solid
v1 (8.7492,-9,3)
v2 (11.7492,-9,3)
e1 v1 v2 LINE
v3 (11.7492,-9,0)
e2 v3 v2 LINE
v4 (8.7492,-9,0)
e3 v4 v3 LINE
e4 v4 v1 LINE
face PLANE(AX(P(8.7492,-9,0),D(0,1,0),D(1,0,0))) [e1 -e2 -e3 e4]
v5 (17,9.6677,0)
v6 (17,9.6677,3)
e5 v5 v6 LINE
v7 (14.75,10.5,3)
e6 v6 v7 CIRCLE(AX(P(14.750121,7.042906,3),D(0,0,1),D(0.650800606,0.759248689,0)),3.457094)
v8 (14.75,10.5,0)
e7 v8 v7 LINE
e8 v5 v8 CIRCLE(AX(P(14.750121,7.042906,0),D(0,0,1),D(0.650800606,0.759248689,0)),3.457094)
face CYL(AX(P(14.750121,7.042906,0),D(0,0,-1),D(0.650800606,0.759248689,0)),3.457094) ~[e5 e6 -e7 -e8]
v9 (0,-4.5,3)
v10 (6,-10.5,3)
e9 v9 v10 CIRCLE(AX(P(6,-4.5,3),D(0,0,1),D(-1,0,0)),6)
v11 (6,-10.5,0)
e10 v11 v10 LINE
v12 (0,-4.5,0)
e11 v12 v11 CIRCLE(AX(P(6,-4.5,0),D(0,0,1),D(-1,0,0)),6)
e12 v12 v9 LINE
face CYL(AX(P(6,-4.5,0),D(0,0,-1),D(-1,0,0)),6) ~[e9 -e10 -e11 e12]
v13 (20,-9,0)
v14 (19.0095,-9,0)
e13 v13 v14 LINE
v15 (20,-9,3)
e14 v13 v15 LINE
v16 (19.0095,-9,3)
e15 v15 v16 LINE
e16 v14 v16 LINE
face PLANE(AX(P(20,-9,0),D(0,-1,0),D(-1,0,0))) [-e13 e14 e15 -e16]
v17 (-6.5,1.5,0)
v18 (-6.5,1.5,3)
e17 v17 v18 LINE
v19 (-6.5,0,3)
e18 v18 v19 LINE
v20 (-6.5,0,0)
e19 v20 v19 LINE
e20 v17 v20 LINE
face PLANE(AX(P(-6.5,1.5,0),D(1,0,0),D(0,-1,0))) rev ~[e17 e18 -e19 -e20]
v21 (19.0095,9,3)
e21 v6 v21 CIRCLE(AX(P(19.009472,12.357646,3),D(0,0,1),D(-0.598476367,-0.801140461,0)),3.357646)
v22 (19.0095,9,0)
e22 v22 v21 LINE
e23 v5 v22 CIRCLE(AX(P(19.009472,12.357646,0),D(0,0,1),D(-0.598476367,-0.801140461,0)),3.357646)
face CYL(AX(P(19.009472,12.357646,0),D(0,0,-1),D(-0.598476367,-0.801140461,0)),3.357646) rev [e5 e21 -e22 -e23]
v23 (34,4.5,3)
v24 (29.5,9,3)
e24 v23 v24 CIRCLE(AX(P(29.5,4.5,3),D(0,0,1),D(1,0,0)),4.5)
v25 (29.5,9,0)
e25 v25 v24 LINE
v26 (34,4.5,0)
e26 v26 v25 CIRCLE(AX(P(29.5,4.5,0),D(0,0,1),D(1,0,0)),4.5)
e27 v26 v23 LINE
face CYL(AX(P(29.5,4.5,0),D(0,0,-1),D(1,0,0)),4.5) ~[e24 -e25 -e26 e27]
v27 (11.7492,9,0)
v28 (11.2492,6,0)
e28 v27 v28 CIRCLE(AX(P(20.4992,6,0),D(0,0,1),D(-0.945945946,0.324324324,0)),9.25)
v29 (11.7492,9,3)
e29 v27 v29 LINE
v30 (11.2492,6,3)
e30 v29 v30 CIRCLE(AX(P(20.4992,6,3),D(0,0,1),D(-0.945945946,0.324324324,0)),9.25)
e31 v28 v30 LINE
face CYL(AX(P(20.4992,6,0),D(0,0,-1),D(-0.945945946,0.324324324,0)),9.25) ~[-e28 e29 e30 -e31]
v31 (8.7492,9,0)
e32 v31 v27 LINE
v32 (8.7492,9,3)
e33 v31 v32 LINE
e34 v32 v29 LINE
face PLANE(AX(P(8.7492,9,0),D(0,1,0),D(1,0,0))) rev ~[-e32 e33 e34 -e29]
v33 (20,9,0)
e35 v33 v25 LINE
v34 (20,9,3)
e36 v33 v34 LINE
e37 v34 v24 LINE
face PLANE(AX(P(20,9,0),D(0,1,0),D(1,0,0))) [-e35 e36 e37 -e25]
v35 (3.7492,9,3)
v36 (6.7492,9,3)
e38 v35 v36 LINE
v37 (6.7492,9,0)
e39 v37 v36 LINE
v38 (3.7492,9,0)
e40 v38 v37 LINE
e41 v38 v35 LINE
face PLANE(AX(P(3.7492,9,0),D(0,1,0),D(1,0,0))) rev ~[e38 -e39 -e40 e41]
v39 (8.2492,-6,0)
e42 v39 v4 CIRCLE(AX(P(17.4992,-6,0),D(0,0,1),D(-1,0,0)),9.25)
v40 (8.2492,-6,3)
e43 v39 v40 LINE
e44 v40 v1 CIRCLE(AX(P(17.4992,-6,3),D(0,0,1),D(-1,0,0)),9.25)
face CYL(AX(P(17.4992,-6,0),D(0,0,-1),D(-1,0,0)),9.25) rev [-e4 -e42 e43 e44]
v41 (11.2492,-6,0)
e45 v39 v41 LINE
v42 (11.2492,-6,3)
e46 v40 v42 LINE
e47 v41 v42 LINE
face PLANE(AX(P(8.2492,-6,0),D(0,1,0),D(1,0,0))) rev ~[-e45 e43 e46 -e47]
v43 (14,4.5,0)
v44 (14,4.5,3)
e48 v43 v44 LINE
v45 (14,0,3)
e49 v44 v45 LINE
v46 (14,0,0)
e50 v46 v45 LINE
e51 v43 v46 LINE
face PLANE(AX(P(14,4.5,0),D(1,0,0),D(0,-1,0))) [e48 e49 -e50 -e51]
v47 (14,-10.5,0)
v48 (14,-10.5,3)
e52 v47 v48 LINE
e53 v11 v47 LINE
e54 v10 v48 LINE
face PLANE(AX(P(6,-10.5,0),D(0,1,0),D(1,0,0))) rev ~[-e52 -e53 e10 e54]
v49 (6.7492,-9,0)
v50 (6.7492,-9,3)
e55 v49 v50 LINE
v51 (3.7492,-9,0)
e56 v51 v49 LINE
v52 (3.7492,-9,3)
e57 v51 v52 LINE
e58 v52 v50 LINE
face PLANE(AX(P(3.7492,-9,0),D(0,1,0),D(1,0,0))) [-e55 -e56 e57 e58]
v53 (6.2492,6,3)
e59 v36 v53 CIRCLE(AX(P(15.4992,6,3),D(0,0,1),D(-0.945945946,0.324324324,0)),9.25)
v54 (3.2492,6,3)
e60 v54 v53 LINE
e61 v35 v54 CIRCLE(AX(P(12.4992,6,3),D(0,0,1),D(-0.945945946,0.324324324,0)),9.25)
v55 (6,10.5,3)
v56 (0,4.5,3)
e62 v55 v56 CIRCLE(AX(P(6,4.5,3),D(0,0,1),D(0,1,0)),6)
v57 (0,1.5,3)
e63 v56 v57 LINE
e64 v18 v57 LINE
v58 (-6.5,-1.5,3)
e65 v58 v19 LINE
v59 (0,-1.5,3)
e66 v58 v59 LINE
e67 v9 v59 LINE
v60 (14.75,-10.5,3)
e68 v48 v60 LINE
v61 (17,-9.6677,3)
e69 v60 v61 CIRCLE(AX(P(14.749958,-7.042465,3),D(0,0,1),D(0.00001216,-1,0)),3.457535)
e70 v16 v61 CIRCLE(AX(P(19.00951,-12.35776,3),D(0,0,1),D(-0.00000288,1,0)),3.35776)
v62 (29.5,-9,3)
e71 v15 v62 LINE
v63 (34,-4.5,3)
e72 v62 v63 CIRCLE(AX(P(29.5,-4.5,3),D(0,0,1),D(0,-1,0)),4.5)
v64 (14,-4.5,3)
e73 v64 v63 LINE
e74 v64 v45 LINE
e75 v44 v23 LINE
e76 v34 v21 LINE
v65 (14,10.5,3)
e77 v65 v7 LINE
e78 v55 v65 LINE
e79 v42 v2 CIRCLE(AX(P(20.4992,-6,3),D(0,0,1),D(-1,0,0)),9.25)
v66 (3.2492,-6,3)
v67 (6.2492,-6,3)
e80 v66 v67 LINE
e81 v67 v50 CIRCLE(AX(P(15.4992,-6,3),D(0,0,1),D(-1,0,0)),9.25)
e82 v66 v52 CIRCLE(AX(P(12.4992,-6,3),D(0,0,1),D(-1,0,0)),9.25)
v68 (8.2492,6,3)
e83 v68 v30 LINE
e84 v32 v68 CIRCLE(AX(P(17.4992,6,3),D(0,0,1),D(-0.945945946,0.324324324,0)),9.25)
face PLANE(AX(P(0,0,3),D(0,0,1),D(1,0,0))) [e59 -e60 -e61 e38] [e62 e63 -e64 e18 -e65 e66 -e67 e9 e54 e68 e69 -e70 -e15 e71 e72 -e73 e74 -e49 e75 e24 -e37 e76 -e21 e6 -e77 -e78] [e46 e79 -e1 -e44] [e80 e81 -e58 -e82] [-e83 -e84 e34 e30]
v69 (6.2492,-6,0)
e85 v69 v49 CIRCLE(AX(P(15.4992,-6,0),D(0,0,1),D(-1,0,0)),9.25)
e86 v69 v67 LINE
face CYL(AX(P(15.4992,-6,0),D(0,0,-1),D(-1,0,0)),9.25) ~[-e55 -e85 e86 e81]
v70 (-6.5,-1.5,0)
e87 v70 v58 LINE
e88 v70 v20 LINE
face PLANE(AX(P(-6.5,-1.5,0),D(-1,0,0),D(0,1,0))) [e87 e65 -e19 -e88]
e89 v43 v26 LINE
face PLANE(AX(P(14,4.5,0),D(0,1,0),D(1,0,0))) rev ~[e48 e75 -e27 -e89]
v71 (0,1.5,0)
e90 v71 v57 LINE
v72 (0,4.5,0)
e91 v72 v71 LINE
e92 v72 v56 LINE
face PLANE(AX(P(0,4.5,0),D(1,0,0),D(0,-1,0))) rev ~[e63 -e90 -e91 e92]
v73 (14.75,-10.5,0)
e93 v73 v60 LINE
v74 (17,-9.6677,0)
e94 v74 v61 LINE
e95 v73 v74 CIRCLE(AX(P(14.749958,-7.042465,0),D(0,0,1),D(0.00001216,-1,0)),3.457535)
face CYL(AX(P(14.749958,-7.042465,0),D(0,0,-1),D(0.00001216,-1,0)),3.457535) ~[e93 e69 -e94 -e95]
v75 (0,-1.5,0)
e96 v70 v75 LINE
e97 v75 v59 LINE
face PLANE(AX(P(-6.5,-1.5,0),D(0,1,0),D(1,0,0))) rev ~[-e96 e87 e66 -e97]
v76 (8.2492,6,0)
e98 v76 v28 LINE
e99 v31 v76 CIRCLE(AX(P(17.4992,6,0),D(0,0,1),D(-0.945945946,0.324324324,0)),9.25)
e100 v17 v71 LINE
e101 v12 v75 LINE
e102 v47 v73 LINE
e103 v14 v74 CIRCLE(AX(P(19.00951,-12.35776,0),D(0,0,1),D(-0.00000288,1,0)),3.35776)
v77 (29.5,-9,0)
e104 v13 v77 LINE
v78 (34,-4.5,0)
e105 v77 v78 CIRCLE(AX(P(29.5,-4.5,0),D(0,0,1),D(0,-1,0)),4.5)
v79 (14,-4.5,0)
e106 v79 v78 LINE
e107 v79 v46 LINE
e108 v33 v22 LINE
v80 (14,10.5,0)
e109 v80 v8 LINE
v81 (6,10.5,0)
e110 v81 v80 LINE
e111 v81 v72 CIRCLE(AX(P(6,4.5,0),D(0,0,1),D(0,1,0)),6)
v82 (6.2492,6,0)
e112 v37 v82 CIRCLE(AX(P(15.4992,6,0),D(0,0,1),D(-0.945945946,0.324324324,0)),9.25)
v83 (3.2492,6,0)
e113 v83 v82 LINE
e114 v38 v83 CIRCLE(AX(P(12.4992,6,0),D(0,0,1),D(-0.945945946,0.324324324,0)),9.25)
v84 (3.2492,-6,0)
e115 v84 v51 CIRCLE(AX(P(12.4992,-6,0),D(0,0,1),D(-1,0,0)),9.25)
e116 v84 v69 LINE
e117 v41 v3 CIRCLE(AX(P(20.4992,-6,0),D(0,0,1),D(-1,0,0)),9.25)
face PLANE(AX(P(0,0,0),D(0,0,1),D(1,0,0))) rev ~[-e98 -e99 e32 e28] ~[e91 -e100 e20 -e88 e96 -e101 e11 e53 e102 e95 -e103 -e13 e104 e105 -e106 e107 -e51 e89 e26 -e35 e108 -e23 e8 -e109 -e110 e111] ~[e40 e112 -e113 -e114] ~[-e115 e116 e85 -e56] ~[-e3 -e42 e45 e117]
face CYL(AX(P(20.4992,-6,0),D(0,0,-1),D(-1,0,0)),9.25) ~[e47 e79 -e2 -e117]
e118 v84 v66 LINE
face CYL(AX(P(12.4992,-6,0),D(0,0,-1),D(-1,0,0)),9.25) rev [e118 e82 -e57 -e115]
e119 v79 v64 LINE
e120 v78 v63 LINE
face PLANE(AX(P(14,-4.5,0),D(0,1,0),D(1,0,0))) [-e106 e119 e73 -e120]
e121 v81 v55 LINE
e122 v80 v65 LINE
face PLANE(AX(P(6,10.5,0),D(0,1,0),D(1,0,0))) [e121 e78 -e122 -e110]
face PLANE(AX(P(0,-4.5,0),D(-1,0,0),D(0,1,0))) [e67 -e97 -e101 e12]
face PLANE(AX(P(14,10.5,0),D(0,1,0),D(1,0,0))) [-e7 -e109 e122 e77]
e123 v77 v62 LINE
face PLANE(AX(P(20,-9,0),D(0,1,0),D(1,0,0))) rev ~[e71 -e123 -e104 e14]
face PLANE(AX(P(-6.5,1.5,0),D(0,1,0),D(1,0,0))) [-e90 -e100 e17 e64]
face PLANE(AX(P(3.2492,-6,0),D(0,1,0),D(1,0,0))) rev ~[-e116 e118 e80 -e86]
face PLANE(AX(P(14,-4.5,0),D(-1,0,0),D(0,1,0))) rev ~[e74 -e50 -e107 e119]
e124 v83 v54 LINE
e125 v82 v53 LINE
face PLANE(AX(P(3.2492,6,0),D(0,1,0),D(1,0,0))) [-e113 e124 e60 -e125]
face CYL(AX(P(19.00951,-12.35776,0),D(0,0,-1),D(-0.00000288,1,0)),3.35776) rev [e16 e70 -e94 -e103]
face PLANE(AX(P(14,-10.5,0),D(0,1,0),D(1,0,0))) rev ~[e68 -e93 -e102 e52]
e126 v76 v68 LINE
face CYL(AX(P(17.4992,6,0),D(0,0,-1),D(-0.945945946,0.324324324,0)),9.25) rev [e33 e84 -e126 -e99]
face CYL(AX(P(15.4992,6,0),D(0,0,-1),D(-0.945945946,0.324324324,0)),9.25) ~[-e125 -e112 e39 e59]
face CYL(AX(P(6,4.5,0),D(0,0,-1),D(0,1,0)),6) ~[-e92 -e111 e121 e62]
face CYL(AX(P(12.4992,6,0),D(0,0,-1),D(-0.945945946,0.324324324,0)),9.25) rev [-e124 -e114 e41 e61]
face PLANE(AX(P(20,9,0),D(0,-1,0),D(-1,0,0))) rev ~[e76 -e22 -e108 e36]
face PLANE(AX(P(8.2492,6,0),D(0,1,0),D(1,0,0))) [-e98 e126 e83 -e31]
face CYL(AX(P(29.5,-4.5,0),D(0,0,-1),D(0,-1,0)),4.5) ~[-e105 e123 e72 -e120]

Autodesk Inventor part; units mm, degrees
ref_plane "YZ Plane" through (0, 0, 0) normal (1, 0, 0) x (0, 1, 0)
ref_plane "XZ Plane" through (0, 0, 0) normal (0, 1, 0) x (-1, 0, 0)
ref_plane "XY Plane" through (0, 0, 0) normal (0, 0, 1) x (1, 0, 0)
sketch "Esboço1" plane through (0, 0, 0) normal (0, 0, 1) x (1, 0, 0)
  line L0 (-6.5, 1.5) -> (-6.5, 0)
  line L1 (-6.5, 1.5) -> (0, 1.5)
  line L2 (0, 4.5) -> (0, 1.5)
  line L3 (6, 10.5) -> (14.75, 10.5)
  line L4 (14, 4.5) -> (14, 0)
  line L5 (14, 4.5) -> (34, 4.5)
  arc A0 (6, 10.5) -> (0, 4.5) centre (6, 4.5) ccw
  line L6 (14, 10.5) -> (14.75, 10.5)
  arc A1 (17, 9.6677) -> (14.75, 10.5) centre (14.75, 7.0427) ccw
  arc A2 (17, 9.6677) -> (19.0095, 9) centre (19.0095, 12.3577) ccw
  line L7 (20, 9) -> (19.0095, 9)
  line L8 (20, 9) -> (29.5, 9)
  arc A3 (34, 4.5) -> (29.5, 9) centre (29.5, 4.5) ccw
  line L9 (3.2492, 6) -> (6.2492, 6)
  arc A4 (3.7492, 9) -> (3.2492, 6) centre (12.4992, 6) ccw
  arc A5 (6.7492, 9) -> (6.2492, 6) centre (15.4992, 6) ccw
  line L10 (3.7492, 9) -> (6.7492, 9)
  line L11 (8.2492, 6) -> (11.2492, 6)
  arc A6 (8.7492, 9) -> (8.2492, 6) centre (17.4992, 6) ccw
  arc A7 (11.7492, 9) -> (11.2492, 6) centre (20.4992, 6) ccw
  line L12 (8.7492, 9) -> (11.7492, 9)
  line L13 (-6.5, -1.5) -> (-6.5, 0)
  line L14 (-6.5, -1.5) -> (0, -1.5)
  line L15 (0, -4.5) -> (0, -1.5)
  line L16 (6, -10.5) -> (14.75, -10.5)
  line L17 (14, -4.5) -> (14, 0)
  line L18 (14, -4.5) -> (34, -4.5)
  arc A8 (0, -4.5) -> (6, -10.5) centre (6, -4.5) ccw
  line L19 (14, -10.5) -> (14.75, -10.5)
  arc A9 (14.75, -10.5) -> (17, -9.6677) centre (14.75, -7.0427) ccw
  arc A10 (19.0095, -9) -> (17, -9.6677) centre (19.0095, -12.3577) ccw
  line L20 (20, -9) -> (19.0095, -9)
  line L21 (20, -9) -> (29.5, -9)
  arc A11 (29.5, -9) -> (34, -4.5) centre (29.5, -4.5) ccw
  line L22 (3.2492, -6) -> (6.2492, -6)
  arc A12 (3.2492, -6) -> (3.7492, -9) centre (12.4992, -6) ccw
  arc A13 (6.2492, -6) -> (6.7492, -9) centre (15.4992, -6) ccw
  line L23 (3.7492, -9) -> (6.7492, -9)
  arc A14 (11.2492, -6) -> (11.7492, -9) centre (20.4992, -6) ccw
  line L24 (8.7492, -9) -> (11.7492, -9)
  line L25 (8.2492, -6) -> (11.2492, -6)
  arc A15 (8.2492, -6) -> (8.7492, -9) centre (17.4992, -6) ccw
  point P0 (0, 0)
  point P1 (6.2492, -6)
  point P2 (11.2492, -6)
  point P3 (11.2492, 6)
extrude "Extrusão1" add sketch "Esboço1" along normal blind 3
properties part number "MOTOR"
